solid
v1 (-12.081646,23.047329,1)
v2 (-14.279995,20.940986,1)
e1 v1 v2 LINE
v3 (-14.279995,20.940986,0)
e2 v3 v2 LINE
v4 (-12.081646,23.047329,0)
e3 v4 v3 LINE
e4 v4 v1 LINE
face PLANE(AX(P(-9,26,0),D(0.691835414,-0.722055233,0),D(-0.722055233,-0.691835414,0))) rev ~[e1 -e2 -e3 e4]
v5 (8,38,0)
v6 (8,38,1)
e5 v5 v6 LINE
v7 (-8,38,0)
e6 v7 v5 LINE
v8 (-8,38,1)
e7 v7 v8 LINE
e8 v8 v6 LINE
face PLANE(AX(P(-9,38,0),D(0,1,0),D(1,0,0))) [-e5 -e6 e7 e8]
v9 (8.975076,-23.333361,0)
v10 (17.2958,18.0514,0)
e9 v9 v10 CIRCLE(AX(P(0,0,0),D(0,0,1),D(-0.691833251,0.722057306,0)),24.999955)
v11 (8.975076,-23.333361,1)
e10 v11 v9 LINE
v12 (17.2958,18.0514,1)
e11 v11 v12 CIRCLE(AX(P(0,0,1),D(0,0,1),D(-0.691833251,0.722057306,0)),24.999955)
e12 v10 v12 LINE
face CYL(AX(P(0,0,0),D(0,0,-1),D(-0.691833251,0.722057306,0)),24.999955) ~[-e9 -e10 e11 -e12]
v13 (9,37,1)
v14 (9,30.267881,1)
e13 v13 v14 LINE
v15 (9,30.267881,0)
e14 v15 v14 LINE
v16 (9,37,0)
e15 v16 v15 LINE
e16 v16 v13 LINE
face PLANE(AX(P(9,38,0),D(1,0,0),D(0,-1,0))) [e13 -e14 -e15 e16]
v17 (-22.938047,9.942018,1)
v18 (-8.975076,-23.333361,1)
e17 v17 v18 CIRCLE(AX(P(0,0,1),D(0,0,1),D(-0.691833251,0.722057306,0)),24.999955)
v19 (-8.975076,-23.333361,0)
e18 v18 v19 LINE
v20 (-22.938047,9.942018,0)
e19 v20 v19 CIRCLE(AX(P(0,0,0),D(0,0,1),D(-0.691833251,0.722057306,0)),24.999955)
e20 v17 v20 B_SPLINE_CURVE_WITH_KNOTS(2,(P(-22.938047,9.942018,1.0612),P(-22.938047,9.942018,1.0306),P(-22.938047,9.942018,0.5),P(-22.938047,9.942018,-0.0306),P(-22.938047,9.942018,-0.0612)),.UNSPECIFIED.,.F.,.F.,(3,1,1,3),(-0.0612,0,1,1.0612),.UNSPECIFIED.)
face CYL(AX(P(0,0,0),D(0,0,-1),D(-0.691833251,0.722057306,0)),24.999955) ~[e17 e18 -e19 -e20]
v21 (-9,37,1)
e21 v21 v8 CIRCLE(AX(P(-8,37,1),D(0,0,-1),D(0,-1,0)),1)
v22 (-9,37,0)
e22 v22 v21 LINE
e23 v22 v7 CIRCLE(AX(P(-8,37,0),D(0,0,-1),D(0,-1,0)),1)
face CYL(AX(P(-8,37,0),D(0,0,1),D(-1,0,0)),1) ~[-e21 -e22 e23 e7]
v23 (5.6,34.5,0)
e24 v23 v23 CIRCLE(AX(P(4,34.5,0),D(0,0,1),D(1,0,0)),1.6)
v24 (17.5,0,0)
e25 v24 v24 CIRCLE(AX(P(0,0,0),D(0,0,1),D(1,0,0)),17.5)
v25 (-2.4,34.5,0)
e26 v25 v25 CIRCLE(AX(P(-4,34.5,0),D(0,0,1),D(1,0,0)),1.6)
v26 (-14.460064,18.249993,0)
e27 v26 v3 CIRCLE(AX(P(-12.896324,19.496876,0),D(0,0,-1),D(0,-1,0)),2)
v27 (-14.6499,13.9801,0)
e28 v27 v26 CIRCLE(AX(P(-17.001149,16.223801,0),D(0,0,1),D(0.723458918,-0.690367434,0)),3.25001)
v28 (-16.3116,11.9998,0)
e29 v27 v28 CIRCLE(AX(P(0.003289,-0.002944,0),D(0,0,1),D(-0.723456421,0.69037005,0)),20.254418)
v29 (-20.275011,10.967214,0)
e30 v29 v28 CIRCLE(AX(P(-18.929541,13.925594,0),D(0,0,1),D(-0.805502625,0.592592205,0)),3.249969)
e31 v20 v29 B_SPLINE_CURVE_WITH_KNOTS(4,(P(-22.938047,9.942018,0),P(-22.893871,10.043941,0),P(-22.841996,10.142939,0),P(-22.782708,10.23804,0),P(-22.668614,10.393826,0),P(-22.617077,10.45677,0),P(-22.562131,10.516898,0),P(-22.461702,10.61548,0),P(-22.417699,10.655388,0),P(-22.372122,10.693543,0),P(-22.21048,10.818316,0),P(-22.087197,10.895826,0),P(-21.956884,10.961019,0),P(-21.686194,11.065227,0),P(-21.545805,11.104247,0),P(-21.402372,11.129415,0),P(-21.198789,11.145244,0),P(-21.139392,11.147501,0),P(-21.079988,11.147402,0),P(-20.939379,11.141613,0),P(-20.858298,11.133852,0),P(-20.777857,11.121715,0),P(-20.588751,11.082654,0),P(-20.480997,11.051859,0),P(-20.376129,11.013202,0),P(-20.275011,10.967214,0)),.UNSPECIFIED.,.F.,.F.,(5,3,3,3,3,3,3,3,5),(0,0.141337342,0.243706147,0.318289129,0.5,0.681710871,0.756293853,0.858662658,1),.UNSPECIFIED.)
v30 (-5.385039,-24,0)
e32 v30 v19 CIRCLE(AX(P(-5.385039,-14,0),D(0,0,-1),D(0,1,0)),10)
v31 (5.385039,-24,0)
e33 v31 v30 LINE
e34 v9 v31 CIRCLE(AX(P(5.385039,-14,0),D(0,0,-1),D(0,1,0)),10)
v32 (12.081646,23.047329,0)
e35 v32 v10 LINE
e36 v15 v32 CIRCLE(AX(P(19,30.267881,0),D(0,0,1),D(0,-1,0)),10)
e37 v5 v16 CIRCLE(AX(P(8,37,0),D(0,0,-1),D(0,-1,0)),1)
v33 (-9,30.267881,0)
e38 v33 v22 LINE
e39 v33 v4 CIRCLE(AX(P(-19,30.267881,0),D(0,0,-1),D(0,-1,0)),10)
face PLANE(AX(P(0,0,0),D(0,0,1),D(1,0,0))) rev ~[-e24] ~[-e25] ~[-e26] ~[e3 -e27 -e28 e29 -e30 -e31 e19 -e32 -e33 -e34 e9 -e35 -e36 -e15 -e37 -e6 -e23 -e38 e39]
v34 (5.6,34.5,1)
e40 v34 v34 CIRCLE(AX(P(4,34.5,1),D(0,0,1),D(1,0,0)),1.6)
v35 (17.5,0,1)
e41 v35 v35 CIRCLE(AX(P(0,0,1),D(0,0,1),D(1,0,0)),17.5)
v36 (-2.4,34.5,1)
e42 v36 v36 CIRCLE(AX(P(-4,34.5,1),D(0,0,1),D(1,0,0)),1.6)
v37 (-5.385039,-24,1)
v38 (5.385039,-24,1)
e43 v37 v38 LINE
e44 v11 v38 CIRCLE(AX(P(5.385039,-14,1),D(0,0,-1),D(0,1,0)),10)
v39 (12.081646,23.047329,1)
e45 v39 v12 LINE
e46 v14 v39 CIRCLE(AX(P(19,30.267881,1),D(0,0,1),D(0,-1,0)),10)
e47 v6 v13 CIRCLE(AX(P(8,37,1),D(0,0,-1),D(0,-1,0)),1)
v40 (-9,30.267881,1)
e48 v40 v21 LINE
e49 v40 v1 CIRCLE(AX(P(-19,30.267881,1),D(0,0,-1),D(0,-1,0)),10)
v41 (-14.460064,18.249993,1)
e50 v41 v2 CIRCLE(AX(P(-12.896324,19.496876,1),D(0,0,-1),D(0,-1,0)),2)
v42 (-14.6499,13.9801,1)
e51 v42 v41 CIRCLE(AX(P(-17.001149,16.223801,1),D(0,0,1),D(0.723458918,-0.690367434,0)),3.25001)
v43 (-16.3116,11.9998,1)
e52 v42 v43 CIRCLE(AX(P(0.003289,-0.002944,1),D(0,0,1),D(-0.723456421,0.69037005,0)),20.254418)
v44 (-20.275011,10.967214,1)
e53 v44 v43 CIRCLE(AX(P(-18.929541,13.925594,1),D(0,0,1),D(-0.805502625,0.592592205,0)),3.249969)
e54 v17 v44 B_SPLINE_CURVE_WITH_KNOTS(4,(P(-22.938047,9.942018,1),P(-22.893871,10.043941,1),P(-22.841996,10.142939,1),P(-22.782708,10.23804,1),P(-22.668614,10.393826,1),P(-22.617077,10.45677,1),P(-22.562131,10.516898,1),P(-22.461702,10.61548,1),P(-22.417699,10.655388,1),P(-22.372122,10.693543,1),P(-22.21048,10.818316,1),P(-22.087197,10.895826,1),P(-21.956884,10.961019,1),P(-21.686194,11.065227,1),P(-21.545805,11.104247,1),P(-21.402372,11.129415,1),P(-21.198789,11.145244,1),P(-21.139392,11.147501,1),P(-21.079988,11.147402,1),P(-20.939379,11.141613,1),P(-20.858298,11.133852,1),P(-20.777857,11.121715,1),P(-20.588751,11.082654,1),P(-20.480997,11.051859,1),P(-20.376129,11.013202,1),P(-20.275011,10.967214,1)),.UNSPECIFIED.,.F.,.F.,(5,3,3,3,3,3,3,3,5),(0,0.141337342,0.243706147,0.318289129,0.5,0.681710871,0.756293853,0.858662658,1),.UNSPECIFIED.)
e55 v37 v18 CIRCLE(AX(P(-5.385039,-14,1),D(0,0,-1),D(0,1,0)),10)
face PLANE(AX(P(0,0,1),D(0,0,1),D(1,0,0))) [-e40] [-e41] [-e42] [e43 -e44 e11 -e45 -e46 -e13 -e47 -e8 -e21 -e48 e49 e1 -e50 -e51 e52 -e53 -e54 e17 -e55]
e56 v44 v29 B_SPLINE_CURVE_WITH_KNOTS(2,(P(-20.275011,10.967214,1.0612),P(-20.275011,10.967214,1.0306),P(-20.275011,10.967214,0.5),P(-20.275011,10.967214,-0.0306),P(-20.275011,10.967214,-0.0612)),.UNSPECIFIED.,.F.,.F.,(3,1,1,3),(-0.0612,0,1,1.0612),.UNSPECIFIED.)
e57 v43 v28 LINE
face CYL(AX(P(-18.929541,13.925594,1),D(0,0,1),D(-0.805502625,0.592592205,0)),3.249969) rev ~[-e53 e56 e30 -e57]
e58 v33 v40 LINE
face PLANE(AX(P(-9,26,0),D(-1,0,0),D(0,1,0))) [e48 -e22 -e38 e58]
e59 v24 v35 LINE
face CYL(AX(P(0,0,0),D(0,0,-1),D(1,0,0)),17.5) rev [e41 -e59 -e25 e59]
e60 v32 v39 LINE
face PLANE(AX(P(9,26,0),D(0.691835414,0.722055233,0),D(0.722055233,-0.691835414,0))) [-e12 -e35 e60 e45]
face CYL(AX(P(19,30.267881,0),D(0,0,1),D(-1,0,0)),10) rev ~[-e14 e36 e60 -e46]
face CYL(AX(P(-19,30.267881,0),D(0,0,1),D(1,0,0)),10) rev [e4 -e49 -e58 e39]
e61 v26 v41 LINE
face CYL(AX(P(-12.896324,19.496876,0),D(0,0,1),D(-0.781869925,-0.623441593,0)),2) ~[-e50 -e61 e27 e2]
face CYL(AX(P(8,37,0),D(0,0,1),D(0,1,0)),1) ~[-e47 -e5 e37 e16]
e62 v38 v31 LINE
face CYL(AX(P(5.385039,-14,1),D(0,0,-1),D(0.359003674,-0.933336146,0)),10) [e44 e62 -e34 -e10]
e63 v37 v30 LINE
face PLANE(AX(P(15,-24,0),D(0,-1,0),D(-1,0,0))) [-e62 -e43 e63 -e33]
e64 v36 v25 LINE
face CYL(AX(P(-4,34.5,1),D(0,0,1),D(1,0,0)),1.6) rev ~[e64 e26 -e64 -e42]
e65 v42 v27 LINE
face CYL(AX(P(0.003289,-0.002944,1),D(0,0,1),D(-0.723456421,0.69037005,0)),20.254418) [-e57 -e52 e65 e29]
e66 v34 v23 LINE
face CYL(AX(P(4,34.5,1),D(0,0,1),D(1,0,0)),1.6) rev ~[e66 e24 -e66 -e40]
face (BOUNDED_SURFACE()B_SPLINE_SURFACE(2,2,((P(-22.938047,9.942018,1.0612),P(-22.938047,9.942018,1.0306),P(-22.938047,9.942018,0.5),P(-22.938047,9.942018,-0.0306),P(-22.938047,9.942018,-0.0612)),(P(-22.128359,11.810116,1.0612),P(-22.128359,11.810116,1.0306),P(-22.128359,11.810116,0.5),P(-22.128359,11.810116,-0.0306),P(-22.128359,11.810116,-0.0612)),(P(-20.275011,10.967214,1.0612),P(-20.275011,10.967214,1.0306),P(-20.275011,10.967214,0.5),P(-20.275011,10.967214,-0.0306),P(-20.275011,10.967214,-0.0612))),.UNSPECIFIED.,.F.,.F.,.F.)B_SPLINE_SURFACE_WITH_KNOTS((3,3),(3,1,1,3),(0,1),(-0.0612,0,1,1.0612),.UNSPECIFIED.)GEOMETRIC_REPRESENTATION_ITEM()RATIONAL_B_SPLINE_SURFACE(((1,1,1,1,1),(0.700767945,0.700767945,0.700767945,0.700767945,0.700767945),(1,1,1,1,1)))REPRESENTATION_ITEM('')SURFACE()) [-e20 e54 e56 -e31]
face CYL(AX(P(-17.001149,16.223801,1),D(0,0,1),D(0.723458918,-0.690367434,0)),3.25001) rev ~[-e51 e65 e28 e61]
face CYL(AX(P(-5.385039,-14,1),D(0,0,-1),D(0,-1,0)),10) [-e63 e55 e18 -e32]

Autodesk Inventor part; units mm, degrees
ref_plane "YZ Plane" through (0, 0, 0) normal (1, 0, 0) x (0, 1, 0)
ref_plane "XZ Plane" through (0, 0, 0) normal (0, 1, 0) x (-1, 0, 0)
ref_plane "XY Plane" through (0, 0, 0) normal (0, 0, 1) x (1, 0, 0)
sketch "Sketch1" plane through (0, 0, 0) normal (0, 0, 1) x (1, 0, 0)
  line L0 (-9, 26) -> (-9, 38)
  line L1 (-9, 38) -> (9, 38)
  line L2 (9, 38) -> (9, 26)
  line L3 (9, 26) -> (17.2958, 18.0514)
  line L4 (-9, 26) -> (-17.2958, 18.0514)
  arc A0 (-17.2958, 18.0514) -> (17.2958, 18.0514) centre (0, 0) ccw
  line L5 (-17.2958, 18.0514) -> (17.2958, 18.0514) construction
  line L6 (-9, 26) -> (9, 26) construction
  circle A1 centre (0, 0) radius 17.5
  point P0 (0, 38)
  dimension "d1" = 38
  dimension "d2" = 18
  dimension "d3" = 50
  dimension "d5" = 35
  dimension "d15" = 12
extrude "Extrusion1" add sketch "Sketch1" along normal blind 1
fillet "Fillet1" radius 10 2 edges at (9, 26, 0.5) (-9, 26, 0.5)
fillet "Fillet2" radius 1 2 edges at (9, 38, 0.5) (-9, 38, 0.5)
sketch "Sketch2" plane through (0, 0, 1) normal (0, 0, 1) x (1, 0, 0)
  circle A0 centre (-4, 34.5) radius 1.6
  circle A1 centre (4, 34.5) radius 1.6
  line L0 (-4, 34.5) -> (4, 34.5) construction
  line L1 (8, 38) -> (-8, 38) construction
  point P0 (0, 0)
  point P1 (0, 34.5)
  dimension "d10" = 3.5
  dimension "d11" = 3.2
  dimension "d12" = 8
extrude "Extrusion2" cut sketch "Sketch2" against normal through all
sketch "Sketch3" plane through (0, 0, 0) normal (0, 0, 1) x (1, 0, 0)
  line L0 (-15, -30) -> (15, -30)
  line L1 (15, -30) -> (15, -24)
  line L2 (15, -24) -> (-15, -24)
  line L3 (-15, -24) -> (-15, -30)
  point P0 (0, 0)
  point P1 (0, -24)
  dimension "d16" = 24
  dimension "d17" = 6
  dimension "d18" = 30
extrude "Trim" cut sketch "Sketch3" along normal through all
fillet "Fillet3" radius 10 2 edges at (7, -24, 0.5) (-7, -24, 0.5)
sketch "Sketch4" plane through (0, 0, 1) normal (0, 0, 1) x (1, 0, 0)
  line L0 (-18.002, 15.1055) -> (18.002, -15.1055) construction
  line L1 (0, 0) -> (14.5661, 0) construction
  arc A0 (-17.0012, 16.2238) -> (-18.9295, 13.9256) centre (0, 0) ccw construction
  arc A1 (-19.3524, 18.4675) -> (-21.5474, 15.8515) centre (0, 0) ccw
  arc A2 (-14.6499, 13.9801) -> (-16.3116, 11.9998) centre (0, 0) ccw
  arc A3 (-14.6499, 13.9801) -> (-19.3524, 18.4675) centre (-17.0012, 16.2238) ccw
  arc A4 (-21.5474, 15.8515) -> (-16.3116, 11.9998) centre (-18.9295, 13.9256) ccw
  dimension "d24" = 40
  dimension "d28" = 47
  dimension "d29" = 6.5
  dimension "d30" = 3
extrude "Extrusion4" cut sketch "Sketch4" against normal through all
fillet "Fillet5" radius 2 2 edges at (-15.9823, 19.31, 0.5) (-21.7544, 12.3186, 0.5)
properties part number "probe-gate" material "Stainless Steel"
